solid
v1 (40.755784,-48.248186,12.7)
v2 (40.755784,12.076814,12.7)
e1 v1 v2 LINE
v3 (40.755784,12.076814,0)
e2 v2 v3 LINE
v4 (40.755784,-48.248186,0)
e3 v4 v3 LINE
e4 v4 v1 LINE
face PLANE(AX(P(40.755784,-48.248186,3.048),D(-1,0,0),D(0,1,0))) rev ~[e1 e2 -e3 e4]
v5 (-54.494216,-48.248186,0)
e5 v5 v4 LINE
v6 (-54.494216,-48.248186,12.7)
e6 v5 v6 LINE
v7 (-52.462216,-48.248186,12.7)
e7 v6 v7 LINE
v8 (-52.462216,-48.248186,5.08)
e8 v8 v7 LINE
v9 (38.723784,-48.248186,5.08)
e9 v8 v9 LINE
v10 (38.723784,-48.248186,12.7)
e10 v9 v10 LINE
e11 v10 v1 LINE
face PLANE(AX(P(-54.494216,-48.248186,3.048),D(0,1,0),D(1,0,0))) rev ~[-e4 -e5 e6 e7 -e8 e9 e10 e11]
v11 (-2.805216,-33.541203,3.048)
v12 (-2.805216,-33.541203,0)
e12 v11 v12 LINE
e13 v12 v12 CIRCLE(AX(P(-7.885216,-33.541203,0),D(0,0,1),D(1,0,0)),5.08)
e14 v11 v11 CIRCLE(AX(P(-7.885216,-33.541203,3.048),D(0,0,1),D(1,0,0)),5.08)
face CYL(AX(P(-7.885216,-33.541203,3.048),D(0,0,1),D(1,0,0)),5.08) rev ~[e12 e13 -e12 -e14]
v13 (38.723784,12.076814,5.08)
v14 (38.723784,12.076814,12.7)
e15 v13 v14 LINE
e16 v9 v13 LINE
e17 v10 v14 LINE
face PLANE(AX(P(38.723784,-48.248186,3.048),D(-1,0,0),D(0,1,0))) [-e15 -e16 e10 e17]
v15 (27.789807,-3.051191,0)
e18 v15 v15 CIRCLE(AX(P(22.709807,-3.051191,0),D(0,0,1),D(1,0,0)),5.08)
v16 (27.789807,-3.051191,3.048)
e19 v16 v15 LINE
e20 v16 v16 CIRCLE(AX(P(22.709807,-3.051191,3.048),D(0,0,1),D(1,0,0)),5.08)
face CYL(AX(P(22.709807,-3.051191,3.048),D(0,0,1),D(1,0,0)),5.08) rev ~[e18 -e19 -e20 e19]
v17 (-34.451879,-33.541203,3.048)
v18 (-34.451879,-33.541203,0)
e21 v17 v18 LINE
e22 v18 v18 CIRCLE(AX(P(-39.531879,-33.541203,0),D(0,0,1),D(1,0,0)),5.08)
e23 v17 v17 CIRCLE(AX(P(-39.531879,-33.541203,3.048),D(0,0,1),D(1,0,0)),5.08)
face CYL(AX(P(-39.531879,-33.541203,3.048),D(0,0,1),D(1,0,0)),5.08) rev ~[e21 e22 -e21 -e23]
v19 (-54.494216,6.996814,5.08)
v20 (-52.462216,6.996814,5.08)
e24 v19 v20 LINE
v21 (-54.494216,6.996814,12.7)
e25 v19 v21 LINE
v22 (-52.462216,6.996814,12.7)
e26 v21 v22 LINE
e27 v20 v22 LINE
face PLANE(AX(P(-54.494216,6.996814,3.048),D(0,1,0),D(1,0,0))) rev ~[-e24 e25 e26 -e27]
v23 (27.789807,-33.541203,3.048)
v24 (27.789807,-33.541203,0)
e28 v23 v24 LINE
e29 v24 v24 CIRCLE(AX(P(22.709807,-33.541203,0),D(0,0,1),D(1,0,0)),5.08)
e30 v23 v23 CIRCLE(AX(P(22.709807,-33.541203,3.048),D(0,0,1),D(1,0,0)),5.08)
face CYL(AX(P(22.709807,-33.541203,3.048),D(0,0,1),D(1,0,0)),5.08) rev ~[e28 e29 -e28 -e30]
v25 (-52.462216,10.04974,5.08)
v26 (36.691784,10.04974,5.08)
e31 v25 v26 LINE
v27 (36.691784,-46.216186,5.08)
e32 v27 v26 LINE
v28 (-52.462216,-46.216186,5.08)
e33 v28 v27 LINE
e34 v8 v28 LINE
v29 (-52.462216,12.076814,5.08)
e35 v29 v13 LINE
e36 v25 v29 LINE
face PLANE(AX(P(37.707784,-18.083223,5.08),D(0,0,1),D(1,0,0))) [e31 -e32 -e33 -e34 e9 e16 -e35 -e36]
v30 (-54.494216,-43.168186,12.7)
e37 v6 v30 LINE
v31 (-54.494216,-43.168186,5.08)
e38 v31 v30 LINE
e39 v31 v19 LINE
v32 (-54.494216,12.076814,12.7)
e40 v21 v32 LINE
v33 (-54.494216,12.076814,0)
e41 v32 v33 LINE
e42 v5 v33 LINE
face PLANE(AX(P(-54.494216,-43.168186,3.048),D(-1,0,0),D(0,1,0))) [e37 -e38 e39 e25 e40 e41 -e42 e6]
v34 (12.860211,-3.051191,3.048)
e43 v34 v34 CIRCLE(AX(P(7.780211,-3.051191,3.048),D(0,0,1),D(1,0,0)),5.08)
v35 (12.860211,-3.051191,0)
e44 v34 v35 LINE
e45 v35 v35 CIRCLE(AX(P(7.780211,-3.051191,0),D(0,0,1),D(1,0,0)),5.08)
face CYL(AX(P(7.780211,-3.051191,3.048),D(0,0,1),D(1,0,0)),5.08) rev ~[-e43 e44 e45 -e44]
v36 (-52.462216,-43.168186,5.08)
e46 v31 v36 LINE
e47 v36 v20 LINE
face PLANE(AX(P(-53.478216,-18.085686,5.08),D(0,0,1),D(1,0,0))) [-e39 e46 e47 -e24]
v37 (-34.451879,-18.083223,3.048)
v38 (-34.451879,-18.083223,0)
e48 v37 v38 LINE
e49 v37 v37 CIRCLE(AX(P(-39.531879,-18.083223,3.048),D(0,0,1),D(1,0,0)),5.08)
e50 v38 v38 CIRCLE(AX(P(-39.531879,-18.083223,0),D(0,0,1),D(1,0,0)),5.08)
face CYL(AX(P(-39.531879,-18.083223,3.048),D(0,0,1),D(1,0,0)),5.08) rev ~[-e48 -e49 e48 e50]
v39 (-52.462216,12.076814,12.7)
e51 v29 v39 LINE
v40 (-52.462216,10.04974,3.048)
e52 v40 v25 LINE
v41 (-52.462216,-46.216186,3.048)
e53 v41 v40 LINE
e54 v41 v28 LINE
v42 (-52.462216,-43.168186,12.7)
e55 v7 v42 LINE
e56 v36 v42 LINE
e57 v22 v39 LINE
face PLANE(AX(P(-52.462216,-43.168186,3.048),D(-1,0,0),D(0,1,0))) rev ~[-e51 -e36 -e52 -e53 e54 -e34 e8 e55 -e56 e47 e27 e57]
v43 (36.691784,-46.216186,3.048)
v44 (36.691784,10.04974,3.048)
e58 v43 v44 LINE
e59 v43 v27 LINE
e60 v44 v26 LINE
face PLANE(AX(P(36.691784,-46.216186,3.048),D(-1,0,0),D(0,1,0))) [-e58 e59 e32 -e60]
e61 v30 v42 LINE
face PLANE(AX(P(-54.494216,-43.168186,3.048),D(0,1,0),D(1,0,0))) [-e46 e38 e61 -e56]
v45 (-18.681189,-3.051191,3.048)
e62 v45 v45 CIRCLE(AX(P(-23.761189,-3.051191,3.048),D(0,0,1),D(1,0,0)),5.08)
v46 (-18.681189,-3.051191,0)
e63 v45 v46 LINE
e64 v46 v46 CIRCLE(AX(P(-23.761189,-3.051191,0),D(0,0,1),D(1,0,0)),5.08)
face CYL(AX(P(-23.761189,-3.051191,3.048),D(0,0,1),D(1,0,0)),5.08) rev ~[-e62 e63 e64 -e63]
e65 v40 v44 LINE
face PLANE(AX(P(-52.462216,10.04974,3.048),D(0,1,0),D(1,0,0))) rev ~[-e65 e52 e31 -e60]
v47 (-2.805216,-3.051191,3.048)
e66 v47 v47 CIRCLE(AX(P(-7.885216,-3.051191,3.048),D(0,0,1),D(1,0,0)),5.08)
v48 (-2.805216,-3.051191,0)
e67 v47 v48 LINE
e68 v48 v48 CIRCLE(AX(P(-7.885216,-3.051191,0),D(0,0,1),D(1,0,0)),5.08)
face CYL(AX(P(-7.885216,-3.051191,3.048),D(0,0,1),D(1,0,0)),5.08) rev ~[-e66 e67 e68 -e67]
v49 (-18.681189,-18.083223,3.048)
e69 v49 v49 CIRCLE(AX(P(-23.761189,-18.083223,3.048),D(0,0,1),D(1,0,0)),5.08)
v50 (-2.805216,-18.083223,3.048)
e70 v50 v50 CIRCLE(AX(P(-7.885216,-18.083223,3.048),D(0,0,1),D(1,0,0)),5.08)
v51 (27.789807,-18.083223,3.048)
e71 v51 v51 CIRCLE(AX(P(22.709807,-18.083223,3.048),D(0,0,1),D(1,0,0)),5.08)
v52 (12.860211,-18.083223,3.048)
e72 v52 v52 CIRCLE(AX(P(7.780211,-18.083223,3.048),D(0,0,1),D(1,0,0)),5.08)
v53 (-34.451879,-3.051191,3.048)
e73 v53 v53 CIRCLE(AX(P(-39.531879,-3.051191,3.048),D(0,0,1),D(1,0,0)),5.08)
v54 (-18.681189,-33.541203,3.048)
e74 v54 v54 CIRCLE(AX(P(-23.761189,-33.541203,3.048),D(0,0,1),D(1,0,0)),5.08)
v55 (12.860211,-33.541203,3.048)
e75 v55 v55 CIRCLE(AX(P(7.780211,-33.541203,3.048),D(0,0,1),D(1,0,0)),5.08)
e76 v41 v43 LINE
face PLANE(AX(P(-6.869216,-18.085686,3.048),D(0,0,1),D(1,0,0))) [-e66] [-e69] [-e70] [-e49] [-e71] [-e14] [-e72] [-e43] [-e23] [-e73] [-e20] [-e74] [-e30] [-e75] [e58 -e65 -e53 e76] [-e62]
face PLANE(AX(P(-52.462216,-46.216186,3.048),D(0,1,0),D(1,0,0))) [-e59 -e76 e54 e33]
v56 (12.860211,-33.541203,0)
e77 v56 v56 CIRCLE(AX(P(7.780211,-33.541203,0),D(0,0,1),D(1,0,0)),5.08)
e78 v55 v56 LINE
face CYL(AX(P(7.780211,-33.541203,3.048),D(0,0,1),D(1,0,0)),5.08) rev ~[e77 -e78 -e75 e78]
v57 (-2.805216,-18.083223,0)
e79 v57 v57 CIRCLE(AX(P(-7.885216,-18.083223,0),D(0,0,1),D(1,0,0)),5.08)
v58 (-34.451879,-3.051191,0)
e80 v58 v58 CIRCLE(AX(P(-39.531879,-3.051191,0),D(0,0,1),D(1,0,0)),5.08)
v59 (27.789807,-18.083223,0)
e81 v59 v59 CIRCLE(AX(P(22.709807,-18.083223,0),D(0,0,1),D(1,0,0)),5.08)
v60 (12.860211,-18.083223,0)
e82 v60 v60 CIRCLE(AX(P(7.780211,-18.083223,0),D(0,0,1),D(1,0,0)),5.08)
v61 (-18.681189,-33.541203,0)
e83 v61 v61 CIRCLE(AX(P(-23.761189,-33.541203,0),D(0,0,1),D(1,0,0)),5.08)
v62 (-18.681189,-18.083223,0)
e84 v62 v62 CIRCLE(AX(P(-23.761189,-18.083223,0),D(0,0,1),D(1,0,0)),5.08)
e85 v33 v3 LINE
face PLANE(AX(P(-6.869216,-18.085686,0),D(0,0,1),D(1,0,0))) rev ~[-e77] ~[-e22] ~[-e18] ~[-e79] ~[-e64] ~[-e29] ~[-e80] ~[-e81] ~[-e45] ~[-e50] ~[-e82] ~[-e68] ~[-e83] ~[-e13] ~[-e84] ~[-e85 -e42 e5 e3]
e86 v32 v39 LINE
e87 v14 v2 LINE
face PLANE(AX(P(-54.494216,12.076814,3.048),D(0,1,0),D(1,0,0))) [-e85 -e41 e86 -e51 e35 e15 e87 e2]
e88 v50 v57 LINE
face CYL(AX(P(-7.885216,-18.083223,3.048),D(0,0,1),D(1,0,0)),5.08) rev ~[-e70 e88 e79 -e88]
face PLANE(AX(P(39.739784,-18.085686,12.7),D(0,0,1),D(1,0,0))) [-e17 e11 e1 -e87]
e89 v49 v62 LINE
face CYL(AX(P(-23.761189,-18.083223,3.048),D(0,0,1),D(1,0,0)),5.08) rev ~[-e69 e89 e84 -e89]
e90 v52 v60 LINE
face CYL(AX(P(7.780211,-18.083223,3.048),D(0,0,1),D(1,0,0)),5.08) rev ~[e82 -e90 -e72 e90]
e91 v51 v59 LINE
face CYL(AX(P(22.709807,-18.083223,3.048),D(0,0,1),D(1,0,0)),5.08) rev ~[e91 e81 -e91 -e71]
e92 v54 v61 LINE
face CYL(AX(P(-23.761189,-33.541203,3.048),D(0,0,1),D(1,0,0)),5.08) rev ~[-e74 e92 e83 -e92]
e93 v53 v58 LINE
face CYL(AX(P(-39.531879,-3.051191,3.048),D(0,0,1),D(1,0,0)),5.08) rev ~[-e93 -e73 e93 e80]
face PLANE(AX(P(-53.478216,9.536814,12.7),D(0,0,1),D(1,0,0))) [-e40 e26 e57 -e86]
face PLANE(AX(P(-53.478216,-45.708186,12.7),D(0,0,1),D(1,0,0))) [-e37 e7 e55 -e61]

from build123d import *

# Parameters (mm, degrees)
F0_W      = 95.25
F0_H      = 60.325
F1_DEPTH  = 3.048
F2_W      = 2.032
F2_H      = 60.325
F3_DEPTH  = 9.652
F4_W      = 2.032
F4_H      = 5.08
F5_DEPTH  = 9.652
F6_W      = 2.032
F6_H      = 5.08
F7_DEPTH  = 9.652
F8_W      = 91.186
F8_H      = 2.027074
F8_H_2    = 2.032
F9_DEPTH  = 2.032
F10_W     = 2.032
F10_H     = 50.165
F11_DEPTH = 2.032
F12_W     = 2.032
F12_H     = 56.265926
F13_DEPTH = 2.032
F14_R     = 5.08
F15_DEPTH = 25.4


with BuildPart() as f1:
    # F0 (on Top) → F1 (new body)
    with BuildSketch(Plane.XY):
        with Locations((-6.869216, -18.085686)):
            Rectangle(F0_W, F0_H)
    extrude(amount=F1_DEPTH)

    # F2 (on face) → F3 (join)
    with BuildSketch(Plane.XY.offset(3.048)):
        with Locations((39.739784, -18.085686)):
            Rectangle(F2_W, F2_H)
    extrude(amount=F3_DEPTH)

    # F4 (on face) → F5 (join)
    with BuildSketch(Plane.XY.offset(3.048)):
        with Locations((-53.478216, -45.708186)):
            Rectangle(F4_W, F4_H)
    extrude(amount=F5_DEPTH)

    # F6 (on face) → F7 (join)
    with BuildSketch(Plane.XY.offset(3.048)):
        with Locations((-53.478216, 9.536814)):
            Rectangle(F6_W, F6_H)
    extrude(amount=F7_DEPTH)

    # F8 (on face) → F9 (join)
    with BuildSketch(Plane.XY.offset(3.048)):
        with Locations((-6.869216, 11.063277)):
            Rectangle(F8_W, F8_H)
        with Locations((-6.869216, -47.232186)):
            Rectangle(F8_W, F8_H_2)
    extrude(amount=F9_DEPTH)

    # F10 (on face) → F11 (join)
    with BuildSketch(Plane.XY.offset(3.048)):
        with Locations((-53.478216, -18.085686)):
            Rectangle(F10_W, F10_H)
    extrude(amount=F11_DEPTH)

    # F12 (on face) → F13 (join)
    with BuildSketch(Plane.XY.offset(3.048)):
        with Locations((37.707784, -18.083223)):
            Rectangle(F12_W, F12_H)
    extrude(amount=F13_DEPTH)

    # F14 (on face) → F15 (cut)
    with BuildSketch(Plane.XY.offset(3.048)):
        with Locations((-39.531879, -3.051191)):
            Circle(F14_R)
        with Locations((-23.761189, -3.051191)):
            Circle(F14_R)
        with Locations((-7.885216, -3.051191)):
            Circle(F14_R)
        with Locations((7.780211, -3.051191)):
            Circle(F14_R)
        with Locations((22.709807, -3.051191)):
            Circle(F14_R)
        with Locations((22.709807, -18.083223)):
            Circle(F14_R)
        with Locations((7.780211, -18.083223)):
            Circle(F14_R)
        with Locations((-7.885216, -18.083223)):
            Circle(F14_R)
        with Locations((-23.761189, -18.083223)):
            Circle(F14_R)
        with Locations((-39.531879, -18.083223)):
            Circle(F14_R)
        with Locations((-39.531879, -33.541203)):
            Circle(F14_R)
        with Locations((-23.761189, -33.541203)):
            Circle(F14_R)
        with Locations((-7.885216, -33.541203)):
            Circle(F14_R)
        with Locations((22.709807, -33.541203)):
            Circle(F14_R)
        with Locations((7.780211, -33.541203)):
            Circle(F14_R)
    extrude(amount=-F15_DEPTH, mode=Mode.SUBTRACT)


solid = f1.part
